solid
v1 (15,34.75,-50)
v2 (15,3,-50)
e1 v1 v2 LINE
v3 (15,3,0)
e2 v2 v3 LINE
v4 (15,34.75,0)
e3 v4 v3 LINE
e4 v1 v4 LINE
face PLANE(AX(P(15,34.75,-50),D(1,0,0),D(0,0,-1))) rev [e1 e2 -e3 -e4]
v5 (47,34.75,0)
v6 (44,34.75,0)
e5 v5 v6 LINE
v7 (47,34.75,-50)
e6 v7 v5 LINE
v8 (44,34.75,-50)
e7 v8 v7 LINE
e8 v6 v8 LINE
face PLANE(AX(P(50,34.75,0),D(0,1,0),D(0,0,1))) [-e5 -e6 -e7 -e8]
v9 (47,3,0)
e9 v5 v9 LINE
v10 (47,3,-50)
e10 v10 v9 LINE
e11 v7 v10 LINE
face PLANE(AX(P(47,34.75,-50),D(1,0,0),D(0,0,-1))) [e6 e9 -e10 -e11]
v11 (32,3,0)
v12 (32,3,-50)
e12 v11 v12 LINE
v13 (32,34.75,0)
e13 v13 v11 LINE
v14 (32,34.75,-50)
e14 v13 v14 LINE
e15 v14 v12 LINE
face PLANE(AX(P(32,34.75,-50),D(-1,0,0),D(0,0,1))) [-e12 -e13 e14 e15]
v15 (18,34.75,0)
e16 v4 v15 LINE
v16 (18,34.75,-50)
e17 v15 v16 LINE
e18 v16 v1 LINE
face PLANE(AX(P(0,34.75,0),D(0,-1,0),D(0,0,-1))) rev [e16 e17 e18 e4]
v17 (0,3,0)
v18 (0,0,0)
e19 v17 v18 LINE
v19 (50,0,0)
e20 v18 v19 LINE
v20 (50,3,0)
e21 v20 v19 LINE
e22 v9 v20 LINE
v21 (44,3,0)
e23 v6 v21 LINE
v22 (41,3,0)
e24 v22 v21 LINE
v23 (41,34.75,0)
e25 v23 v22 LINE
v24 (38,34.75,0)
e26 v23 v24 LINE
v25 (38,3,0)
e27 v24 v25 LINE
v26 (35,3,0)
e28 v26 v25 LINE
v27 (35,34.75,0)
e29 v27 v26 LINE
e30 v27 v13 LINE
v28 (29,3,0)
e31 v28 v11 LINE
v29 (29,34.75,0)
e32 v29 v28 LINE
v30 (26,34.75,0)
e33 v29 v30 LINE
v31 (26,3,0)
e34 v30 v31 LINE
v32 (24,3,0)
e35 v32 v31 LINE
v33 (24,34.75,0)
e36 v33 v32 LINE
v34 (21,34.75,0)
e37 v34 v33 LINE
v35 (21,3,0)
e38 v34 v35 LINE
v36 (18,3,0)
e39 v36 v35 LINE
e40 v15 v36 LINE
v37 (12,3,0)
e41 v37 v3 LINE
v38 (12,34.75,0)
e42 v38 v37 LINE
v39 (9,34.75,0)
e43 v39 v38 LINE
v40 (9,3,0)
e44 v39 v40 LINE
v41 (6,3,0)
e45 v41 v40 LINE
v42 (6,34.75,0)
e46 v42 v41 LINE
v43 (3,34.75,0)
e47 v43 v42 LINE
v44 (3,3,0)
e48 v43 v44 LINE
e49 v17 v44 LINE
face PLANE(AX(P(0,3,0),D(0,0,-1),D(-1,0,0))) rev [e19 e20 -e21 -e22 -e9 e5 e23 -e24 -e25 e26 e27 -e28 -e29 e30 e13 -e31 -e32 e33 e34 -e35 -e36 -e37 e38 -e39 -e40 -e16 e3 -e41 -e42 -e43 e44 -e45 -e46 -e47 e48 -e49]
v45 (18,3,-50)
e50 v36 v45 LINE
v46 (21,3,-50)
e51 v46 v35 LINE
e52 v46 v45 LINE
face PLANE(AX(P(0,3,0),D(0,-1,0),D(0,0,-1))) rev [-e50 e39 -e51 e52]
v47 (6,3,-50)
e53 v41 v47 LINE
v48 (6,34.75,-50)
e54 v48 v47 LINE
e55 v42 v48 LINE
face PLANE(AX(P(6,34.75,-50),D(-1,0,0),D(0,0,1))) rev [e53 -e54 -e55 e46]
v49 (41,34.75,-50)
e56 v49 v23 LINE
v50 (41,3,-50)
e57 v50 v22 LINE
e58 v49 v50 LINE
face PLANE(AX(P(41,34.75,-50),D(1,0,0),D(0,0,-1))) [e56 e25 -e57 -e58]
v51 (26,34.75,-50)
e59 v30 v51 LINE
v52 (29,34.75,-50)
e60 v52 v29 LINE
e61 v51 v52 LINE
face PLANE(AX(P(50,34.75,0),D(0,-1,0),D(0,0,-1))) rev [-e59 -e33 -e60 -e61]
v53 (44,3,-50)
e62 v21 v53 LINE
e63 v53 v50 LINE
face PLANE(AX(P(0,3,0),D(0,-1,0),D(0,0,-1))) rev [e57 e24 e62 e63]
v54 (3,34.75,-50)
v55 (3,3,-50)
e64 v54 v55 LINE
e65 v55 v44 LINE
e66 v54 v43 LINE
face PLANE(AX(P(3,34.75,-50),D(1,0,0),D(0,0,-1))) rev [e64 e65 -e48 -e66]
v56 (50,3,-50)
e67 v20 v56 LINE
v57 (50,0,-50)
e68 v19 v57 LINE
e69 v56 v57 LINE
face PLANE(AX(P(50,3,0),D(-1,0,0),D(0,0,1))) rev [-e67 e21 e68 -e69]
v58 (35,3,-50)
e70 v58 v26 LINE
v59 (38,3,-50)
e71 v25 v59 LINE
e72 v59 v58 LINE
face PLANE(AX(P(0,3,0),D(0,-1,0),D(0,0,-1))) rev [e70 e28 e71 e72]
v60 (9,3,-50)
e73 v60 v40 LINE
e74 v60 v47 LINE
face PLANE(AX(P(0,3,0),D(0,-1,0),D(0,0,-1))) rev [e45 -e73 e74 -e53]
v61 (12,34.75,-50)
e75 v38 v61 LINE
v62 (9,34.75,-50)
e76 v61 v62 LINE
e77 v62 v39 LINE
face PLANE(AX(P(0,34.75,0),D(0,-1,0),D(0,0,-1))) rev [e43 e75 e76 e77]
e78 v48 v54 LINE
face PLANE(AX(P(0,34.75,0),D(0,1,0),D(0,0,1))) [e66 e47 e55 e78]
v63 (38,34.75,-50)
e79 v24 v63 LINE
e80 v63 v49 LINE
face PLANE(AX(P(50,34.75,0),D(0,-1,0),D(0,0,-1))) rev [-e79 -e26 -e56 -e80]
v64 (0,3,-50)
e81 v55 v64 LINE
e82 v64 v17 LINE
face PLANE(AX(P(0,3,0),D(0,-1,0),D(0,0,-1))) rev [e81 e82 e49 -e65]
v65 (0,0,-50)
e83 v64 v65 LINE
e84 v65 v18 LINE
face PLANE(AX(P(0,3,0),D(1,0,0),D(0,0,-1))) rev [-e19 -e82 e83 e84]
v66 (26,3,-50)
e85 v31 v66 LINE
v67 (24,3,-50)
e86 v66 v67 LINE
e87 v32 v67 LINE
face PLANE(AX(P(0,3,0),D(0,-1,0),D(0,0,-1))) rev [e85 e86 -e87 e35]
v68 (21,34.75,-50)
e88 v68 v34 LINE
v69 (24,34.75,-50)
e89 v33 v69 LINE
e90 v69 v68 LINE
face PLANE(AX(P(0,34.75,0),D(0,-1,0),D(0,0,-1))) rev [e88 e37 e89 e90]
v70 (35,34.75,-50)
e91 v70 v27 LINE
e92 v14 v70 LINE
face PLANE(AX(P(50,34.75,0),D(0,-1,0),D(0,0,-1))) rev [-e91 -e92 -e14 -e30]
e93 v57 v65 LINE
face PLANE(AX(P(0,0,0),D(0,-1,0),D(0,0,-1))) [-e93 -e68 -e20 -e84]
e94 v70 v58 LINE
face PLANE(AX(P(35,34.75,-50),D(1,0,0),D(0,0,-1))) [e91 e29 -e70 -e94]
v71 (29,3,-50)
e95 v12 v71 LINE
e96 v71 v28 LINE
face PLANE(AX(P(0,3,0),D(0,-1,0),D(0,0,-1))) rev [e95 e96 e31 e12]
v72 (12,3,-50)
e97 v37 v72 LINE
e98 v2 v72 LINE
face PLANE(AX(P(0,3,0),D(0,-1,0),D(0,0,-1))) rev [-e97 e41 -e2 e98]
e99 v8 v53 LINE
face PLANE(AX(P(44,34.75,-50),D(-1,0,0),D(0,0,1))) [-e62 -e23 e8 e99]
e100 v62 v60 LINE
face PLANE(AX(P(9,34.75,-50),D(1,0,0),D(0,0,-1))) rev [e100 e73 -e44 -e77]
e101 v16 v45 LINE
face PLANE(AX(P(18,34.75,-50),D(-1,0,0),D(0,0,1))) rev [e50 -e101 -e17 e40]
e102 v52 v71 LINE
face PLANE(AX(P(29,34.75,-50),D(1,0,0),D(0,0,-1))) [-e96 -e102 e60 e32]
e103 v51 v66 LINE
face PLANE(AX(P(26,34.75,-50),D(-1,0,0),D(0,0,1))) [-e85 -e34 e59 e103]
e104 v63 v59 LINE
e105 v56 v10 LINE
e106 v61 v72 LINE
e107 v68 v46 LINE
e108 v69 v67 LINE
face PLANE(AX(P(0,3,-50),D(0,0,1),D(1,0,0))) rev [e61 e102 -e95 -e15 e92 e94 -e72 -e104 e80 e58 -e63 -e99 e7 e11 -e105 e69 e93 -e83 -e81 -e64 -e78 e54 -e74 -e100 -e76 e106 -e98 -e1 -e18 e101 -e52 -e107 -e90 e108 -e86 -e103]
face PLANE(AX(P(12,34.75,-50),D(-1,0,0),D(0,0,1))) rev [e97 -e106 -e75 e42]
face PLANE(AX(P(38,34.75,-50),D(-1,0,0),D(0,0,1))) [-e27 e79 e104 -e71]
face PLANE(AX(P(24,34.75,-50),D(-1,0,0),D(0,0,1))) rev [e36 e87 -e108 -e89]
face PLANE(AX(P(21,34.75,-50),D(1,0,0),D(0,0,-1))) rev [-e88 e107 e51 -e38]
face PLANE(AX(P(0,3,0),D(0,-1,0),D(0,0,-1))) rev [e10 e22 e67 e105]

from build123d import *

# Parameters (mm, degrees)
SKETCH2_W           = 50
SKETCH2_H           = 50
BOSS_EXTRUDE1_DEPTH = 3
SKETCH3_W           = 3
SKETCH3_H           = 50
BOSS_EXTRUDE2_DEPTH = 31.75


with BuildPart() as part:
    # Sketch2 → Boss-Extrude1 (new body)
    with BuildSketch(Plane(origin=(0, 0, 0), x_dir=(1, 0, 0), z_dir=(0, 1, 0))):
        with Locations((25, 25)):
            Rectangle(SKETCH2_W, SKETCH2_H)
    extrude(amount=BOSS_EXTRUDE1_DEPTH)

    # Sketch3 → Boss-Extrude2 (add)
    with BuildSketch(Plane(origin=(0, 3, 0), x_dir=(1, 0, 0), z_dir=(0, 1, 0))):
        with Locations((4.5, 25)):
            Rectangle(SKETCH3_W, SKETCH3_H)
        with Locations((10.5, 25)):
            Rectangle(SKETCH3_W, SKETCH3_H)
        with Locations((16.5, 25)):
            Rectangle(SKETCH3_W, SKETCH3_H)
        with Locations((22.5, 25)):
            Rectangle(SKETCH3_W, SKETCH3_H)
    boss_extrude2 = extrude(amount=BOSS_EXTRUDE2_DEPTH)

    # Mirror1: Boss-Extrude2 across plane
    add(boss_extrude2.mirror(Plane.ZY.offset(-25)))


solid = part.part
